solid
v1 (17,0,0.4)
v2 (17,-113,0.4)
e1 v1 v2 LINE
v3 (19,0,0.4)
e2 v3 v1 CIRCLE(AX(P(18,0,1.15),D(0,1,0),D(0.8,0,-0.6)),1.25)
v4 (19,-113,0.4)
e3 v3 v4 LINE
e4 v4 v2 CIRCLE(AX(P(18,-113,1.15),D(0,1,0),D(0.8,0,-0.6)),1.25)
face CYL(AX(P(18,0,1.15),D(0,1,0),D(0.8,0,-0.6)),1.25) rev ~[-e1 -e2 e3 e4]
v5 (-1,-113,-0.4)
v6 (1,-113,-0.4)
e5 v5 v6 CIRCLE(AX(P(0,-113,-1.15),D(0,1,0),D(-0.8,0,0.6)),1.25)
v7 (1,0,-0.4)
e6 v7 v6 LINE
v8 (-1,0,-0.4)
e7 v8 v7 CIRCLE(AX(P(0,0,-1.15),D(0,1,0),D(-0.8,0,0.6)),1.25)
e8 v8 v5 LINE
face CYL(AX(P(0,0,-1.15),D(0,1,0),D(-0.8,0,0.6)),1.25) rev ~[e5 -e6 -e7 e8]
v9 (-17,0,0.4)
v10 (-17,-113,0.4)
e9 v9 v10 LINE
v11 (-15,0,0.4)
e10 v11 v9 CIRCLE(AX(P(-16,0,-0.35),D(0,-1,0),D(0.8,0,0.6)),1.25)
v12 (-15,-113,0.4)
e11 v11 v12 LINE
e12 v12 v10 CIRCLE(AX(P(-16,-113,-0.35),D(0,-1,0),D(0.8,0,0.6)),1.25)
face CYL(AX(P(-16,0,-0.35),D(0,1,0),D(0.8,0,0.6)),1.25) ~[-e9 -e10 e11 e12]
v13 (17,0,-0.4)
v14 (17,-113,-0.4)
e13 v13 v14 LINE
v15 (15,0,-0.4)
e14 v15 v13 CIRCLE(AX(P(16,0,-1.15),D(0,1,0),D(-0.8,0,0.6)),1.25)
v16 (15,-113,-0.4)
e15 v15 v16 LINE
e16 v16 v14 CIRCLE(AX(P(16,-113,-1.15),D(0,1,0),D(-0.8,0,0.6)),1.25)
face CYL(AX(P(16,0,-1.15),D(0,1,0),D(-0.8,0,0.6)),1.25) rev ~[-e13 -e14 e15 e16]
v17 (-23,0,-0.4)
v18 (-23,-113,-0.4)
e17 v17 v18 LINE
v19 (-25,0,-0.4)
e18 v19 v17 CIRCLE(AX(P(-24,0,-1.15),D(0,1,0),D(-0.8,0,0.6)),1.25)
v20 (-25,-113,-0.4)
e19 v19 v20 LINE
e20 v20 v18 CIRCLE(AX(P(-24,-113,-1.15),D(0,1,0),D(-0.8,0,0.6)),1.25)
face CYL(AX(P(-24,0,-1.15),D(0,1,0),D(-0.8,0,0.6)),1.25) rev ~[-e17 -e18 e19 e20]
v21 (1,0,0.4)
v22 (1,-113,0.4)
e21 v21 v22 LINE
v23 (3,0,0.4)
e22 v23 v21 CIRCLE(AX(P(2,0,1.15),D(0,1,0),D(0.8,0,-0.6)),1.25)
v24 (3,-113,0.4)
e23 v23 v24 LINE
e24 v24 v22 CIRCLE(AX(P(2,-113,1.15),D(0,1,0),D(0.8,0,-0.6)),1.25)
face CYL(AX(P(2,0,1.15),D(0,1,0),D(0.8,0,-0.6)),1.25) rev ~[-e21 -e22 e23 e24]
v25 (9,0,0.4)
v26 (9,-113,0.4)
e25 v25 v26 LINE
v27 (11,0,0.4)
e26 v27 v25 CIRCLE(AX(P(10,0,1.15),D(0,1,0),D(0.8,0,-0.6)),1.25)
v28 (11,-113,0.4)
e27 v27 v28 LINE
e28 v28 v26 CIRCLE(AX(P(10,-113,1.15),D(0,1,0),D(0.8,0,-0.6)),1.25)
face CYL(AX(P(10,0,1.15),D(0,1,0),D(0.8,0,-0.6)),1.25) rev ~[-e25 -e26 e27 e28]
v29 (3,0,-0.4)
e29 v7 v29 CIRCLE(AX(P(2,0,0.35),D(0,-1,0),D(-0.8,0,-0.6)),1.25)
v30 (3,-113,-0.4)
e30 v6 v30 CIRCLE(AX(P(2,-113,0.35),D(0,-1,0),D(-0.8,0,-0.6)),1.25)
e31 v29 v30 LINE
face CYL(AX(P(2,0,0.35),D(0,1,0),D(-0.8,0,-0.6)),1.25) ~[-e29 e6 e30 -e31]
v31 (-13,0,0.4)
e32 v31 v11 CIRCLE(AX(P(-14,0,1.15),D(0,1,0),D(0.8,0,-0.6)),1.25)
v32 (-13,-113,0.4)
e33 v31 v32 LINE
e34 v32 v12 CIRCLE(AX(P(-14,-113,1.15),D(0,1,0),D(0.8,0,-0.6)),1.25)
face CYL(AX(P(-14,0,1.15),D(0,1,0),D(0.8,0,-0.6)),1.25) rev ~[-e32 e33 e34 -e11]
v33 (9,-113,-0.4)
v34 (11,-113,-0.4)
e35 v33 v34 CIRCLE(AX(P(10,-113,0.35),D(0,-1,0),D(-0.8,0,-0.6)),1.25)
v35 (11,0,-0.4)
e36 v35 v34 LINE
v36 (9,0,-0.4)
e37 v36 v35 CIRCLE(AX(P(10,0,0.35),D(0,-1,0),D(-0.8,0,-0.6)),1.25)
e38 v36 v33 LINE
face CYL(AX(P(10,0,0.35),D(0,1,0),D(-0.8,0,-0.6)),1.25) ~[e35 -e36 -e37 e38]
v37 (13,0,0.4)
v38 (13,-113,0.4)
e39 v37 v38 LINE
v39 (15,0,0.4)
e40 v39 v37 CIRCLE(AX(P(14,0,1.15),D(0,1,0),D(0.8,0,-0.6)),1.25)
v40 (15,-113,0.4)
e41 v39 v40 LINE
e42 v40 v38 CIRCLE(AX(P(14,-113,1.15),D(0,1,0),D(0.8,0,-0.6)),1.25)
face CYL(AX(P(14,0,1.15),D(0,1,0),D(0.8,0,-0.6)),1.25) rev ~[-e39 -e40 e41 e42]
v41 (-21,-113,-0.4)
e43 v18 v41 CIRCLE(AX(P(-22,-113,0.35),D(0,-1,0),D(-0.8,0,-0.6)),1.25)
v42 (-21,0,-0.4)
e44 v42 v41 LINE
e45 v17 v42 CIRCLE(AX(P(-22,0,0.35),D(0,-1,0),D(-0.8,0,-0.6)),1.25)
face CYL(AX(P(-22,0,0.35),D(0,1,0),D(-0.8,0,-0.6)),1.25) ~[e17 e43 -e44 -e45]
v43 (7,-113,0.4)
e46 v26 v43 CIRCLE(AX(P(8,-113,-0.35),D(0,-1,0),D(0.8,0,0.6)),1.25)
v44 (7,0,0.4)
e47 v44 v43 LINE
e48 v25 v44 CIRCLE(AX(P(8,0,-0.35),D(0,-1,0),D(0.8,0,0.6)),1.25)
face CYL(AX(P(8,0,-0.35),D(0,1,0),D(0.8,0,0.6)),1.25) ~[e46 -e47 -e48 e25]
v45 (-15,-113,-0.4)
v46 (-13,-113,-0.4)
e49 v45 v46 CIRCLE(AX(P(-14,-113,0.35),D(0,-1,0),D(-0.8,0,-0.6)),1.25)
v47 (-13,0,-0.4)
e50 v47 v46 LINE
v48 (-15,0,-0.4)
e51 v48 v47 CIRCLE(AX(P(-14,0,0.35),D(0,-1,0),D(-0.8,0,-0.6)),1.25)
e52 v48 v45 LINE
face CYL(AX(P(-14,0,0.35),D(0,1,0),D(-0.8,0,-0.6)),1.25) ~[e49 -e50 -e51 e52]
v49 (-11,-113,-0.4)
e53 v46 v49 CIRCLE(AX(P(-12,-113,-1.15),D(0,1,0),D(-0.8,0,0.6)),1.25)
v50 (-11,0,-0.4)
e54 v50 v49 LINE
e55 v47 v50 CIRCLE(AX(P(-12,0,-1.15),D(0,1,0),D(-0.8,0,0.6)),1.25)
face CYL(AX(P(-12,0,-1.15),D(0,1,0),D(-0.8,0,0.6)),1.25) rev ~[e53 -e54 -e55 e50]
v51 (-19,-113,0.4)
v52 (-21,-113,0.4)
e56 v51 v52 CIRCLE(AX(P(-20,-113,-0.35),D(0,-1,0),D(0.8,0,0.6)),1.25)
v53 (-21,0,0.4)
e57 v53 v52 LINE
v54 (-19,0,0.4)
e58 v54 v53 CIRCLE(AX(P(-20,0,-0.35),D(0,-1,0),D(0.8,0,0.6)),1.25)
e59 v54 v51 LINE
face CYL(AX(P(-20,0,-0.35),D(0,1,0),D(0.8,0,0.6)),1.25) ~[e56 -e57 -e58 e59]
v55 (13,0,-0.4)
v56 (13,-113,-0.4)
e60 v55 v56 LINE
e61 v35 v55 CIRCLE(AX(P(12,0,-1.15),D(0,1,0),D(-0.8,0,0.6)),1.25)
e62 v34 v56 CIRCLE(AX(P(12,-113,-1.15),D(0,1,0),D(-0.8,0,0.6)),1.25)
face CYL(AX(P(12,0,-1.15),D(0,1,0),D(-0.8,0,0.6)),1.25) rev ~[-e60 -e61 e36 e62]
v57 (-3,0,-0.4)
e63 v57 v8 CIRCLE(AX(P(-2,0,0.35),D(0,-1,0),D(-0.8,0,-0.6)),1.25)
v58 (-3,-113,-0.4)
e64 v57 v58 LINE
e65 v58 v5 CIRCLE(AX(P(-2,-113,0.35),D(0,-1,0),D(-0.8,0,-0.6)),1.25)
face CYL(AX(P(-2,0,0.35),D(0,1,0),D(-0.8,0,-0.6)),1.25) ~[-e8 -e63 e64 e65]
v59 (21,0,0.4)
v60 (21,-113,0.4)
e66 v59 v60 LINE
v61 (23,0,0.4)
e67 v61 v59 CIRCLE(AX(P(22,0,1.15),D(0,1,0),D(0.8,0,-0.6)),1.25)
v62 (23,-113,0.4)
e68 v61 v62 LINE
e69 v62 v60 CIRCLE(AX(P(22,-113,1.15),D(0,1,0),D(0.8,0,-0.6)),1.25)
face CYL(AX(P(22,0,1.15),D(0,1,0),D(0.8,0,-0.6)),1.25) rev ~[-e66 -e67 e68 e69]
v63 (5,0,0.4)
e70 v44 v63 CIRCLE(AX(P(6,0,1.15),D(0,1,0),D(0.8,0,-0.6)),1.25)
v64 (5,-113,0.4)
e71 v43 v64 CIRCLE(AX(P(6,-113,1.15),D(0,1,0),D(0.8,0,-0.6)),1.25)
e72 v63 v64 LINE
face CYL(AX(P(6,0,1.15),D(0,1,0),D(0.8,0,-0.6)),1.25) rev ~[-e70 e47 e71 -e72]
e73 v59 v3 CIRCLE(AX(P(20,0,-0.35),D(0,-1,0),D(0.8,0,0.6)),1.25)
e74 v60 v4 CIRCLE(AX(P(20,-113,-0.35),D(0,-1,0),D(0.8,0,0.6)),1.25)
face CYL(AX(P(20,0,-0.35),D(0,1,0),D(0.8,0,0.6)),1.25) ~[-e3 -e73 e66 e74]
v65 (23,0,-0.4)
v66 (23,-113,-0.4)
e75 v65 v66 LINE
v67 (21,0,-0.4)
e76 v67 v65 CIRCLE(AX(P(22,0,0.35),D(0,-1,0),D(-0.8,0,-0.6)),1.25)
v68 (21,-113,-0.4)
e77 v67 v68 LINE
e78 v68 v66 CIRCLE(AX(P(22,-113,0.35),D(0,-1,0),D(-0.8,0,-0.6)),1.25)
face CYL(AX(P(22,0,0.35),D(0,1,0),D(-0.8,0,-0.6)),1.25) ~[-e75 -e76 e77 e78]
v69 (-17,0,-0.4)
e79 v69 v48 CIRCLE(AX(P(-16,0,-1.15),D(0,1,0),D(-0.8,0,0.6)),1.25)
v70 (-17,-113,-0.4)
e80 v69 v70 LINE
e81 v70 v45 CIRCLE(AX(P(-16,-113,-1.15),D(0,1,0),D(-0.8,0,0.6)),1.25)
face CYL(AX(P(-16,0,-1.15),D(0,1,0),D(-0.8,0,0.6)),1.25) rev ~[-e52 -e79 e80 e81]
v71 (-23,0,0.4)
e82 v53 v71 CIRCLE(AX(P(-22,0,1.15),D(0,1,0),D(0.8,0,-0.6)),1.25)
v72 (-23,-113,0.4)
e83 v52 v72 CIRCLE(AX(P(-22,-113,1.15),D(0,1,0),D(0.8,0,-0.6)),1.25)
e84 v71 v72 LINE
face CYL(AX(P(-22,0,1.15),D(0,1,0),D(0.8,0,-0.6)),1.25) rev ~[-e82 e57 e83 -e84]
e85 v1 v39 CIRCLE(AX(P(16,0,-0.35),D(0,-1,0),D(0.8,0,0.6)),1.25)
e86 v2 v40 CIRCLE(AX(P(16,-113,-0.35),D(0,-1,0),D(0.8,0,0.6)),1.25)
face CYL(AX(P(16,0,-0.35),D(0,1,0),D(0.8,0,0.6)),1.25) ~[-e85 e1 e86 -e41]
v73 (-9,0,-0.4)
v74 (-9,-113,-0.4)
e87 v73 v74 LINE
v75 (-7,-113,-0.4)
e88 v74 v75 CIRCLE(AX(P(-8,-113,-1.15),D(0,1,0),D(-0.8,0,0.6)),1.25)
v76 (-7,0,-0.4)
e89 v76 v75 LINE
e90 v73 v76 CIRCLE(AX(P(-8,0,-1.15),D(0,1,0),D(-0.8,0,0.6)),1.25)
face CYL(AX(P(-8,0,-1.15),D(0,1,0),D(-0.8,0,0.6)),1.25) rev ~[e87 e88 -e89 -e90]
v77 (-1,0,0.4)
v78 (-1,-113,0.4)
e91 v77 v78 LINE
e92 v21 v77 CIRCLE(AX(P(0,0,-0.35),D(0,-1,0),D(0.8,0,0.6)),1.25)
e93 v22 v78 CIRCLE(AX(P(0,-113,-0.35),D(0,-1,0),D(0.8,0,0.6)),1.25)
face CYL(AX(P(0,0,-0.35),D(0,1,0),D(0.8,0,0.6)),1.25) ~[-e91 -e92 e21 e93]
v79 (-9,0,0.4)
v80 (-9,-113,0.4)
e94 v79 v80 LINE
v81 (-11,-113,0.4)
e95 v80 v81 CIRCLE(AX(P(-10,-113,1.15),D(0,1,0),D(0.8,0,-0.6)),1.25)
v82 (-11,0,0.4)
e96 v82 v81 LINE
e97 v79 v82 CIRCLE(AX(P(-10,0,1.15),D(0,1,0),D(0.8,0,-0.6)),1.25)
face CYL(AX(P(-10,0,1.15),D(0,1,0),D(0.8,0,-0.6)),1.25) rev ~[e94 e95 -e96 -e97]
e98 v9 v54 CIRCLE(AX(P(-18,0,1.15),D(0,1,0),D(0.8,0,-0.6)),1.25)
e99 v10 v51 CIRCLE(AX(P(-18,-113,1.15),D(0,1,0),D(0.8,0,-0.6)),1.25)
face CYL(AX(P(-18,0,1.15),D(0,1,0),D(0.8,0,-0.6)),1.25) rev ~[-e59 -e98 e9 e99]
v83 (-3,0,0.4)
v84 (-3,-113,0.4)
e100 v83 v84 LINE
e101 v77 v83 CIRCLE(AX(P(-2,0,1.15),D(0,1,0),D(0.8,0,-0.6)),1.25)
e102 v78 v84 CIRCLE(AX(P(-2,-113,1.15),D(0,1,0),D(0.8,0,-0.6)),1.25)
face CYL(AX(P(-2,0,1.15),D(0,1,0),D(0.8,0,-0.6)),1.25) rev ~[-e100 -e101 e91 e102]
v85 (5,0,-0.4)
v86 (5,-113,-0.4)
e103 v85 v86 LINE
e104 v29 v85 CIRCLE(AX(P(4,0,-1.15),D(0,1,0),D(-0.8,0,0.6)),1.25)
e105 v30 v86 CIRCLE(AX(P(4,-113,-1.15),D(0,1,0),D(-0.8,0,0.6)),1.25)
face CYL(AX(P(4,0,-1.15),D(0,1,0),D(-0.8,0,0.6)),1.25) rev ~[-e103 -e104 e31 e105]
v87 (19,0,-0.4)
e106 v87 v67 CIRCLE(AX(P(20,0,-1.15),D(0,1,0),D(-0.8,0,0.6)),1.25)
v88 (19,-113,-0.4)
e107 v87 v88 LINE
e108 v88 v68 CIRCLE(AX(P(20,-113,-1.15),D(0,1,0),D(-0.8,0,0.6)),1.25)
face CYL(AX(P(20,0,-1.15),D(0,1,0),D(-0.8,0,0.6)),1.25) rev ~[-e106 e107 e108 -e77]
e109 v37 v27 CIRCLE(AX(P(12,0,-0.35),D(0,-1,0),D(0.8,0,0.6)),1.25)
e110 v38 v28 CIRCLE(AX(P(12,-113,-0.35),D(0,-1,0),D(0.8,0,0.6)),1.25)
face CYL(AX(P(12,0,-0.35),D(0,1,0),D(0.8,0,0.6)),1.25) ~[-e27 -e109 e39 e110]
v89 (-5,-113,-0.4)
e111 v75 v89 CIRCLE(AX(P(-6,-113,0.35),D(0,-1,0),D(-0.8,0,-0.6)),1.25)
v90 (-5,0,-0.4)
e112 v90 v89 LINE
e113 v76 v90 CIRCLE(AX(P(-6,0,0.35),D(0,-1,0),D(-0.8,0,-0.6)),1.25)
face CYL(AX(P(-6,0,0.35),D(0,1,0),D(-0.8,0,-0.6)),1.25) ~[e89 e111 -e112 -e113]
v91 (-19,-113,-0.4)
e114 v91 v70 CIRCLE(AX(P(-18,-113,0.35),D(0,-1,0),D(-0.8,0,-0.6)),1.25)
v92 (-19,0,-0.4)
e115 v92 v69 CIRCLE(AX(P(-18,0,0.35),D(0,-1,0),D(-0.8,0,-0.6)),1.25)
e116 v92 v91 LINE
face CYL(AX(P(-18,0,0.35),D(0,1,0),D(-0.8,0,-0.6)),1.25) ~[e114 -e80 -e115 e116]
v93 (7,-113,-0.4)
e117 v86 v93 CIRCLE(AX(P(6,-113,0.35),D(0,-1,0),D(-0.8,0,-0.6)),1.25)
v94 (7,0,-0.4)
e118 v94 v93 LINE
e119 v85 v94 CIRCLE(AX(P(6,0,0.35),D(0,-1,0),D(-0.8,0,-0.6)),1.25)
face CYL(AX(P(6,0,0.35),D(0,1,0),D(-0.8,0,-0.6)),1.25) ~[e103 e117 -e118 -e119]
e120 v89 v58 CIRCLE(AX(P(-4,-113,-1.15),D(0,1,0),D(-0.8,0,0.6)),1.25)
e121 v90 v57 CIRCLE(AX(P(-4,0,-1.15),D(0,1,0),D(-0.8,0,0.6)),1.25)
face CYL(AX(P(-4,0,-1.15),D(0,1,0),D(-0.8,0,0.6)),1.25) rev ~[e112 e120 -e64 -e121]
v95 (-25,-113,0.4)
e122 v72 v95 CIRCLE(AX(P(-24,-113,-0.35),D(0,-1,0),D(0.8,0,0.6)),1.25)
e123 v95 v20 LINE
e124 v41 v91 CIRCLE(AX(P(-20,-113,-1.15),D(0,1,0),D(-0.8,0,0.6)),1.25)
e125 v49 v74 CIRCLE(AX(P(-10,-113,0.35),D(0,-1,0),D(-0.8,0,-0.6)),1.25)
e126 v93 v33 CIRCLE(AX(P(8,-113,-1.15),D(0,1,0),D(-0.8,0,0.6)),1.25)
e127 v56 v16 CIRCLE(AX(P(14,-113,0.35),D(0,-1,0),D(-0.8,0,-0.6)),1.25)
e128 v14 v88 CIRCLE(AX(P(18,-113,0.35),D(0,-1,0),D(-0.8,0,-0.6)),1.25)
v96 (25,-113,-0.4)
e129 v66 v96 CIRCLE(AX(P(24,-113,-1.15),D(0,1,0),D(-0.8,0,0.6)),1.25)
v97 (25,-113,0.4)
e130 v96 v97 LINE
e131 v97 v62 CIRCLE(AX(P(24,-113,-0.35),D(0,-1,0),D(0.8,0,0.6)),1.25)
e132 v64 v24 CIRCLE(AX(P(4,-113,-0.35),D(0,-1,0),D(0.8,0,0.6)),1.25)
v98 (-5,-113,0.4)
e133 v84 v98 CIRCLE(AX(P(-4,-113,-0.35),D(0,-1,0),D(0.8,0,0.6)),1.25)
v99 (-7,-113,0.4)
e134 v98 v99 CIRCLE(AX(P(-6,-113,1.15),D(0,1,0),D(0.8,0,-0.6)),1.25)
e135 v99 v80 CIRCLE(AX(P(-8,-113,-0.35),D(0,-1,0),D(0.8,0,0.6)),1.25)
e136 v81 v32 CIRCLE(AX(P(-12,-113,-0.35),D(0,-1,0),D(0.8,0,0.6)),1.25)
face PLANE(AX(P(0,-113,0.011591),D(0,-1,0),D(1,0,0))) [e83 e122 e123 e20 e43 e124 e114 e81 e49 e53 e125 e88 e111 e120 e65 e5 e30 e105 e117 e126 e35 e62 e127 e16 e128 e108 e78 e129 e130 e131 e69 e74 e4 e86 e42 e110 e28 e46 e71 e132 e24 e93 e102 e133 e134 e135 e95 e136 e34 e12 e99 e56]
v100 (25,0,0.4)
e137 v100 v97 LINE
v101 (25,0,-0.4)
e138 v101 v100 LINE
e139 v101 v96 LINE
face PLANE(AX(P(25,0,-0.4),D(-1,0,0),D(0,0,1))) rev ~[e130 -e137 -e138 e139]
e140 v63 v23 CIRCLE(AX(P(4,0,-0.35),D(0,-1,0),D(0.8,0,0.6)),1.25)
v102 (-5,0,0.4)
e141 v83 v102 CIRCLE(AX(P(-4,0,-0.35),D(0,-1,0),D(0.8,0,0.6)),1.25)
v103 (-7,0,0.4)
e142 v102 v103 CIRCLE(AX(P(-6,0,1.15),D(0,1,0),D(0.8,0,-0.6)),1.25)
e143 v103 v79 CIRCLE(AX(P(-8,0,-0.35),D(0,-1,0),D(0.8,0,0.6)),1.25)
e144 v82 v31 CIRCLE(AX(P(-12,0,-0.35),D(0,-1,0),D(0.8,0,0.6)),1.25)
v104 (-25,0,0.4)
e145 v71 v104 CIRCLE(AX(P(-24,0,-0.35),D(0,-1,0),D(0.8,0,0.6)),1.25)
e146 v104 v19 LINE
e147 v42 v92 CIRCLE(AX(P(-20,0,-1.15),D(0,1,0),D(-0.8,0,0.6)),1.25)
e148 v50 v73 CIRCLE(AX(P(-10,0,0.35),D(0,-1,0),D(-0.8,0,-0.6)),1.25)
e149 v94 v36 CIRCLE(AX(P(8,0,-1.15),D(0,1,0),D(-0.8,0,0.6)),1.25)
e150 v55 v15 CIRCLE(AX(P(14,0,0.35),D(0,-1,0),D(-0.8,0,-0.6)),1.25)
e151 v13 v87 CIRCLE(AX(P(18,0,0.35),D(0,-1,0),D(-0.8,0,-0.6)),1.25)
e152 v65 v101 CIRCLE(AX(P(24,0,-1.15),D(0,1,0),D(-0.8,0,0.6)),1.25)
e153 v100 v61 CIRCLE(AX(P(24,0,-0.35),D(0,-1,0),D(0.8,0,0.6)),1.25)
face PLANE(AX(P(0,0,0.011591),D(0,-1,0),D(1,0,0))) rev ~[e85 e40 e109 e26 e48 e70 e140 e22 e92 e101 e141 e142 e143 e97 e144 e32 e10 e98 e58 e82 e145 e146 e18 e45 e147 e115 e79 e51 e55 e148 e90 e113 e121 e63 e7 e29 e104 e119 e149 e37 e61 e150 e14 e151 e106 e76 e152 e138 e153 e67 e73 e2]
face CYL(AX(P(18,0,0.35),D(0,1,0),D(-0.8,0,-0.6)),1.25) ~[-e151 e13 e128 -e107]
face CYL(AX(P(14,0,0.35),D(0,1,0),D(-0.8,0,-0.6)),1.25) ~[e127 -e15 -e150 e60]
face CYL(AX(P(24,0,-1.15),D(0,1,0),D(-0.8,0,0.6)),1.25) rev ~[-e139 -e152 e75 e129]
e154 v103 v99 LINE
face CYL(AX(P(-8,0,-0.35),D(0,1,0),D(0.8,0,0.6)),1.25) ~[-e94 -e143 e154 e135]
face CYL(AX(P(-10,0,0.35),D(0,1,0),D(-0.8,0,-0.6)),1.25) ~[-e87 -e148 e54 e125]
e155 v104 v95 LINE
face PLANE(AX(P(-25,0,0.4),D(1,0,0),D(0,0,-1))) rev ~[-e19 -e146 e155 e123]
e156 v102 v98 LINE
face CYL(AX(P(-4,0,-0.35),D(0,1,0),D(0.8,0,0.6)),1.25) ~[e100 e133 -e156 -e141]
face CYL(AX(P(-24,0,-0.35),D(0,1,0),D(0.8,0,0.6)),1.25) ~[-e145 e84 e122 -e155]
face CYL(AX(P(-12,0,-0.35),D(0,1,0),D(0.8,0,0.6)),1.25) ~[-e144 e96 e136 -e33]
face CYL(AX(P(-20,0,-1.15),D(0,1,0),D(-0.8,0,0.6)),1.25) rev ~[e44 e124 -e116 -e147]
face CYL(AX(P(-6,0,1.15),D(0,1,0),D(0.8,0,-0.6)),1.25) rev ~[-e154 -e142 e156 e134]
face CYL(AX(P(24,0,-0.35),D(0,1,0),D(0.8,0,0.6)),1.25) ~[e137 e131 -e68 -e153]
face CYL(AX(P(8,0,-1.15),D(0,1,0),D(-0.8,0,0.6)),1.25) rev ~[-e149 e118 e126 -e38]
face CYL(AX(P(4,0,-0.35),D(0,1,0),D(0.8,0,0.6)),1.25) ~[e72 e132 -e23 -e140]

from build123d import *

# Parameters (mm, degrees)
F1_DEPTH = 113


with BuildPart() as f1:
    # F0 (on Front) → F1 (new body)
    with BuildSketch(Plane.XZ):
        with BuildLine():
            ThreePointArc((-21, -0.4), (-20, 0.1), (-19, -0.4))
            ThreePointArc((-19, -0.4), (-18, -0.9), (-17, -0.4))
            ThreePointArc((-17, -0.4), (-16, 0.1), (-15, -0.4))
            ThreePointArc((-15, -0.4), (-14, -0.9), (-13, -0.4))
            ThreePointArc((-13, -0.4), (-12, 0.1), (-11, -0.4))
            ThreePointArc((-11, -0.4), (-10, -0.9), (-9, -0.4))
            ThreePointArc((-9, -0.4), (-8, 0.1), (-7, -0.4))
            ThreePointArc((-7, -0.4), (-6, -0.9), (-5, -0.4))
            ThreePointArc((-5, -0.4), (-4, 0.1), (-3, -0.4))
            ThreePointArc((-3, -0.4), (-2, -0.9), (-1, -0.4))
            ThreePointArc((-1, -0.4), (0, 0.1), (1, -0.4))
            ThreePointArc((1, -0.4), (2, -0.9), (3, -0.4))
            ThreePointArc((3, -0.4), (4, 0.1), (5, -0.4))
            ThreePointArc((5, -0.4), (6, -0.9), (7, -0.4))
            ThreePointArc((7, -0.4), (8, 0.1), (9, -0.4))
            ThreePointArc((9, -0.4), (10, -0.9), (11, -0.4))
            ThreePointArc((11, -0.4), (12, 0.1), (13, -0.4))
            ThreePointArc((13, -0.4), (14, -0.9), (15, -0.4))
            ThreePointArc((15, -0.4), (16, 0.1), (17, -0.4))
            ThreePointArc((17, -0.4), (18, -0.9), (19, -0.4))
            ThreePointArc((19, -0.4), (20, 0.1), (21, -0.4))
            ThreePointArc((21, -0.4), (22, -0.9), (23, -0.4))
            ThreePointArc((23, -0.4), (24, 0.1), (25, -0.4))
            Line((25, -0.4), (25, 0.4))
            ThreePointArc((25, 0.4), (24, 0.9), (23, 0.4))
            ThreePointArc((23, 0.4), (22, -0.1), (21, 0.4))
            ThreePointArc((21, 0.4), (20, 0.9), (19, 0.4))
            ThreePointArc((19, 0.4), (18, -0.1), (17, 0.4))
            ThreePointArc((17, 0.4), (16, 0.9), (15, 0.4))
            ThreePointArc((15, 0.4), (14, -0.1), (13, 0.4))
            ThreePointArc((13, 0.4), (12, 0.9), (11, 0.4))
            ThreePointArc((11, 0.4), (10, -0.1), (9, 0.4))
            ThreePointArc((9, 0.4), (8, 0.9), (7, 0.4))
            ThreePointArc((7, 0.4), (6, -0.1), (5, 0.4))
            ThreePointArc((5, 0.4), (4, 0.9), (3, 0.4))
            ThreePointArc((3, 0.4), (2, -0.1), (1, 0.4))
            ThreePointArc((1, 0.4), (0, 0.9), (-1, 0.4))
            ThreePointArc((-1, 0.4), (-2, -0.1), (-3, 0.4))
            ThreePointArc((-3, 0.4), (-4, 0.9), (-5, 0.4))
            ThreePointArc((-5, 0.4), (-6, -0.1), (-7, 0.4))
            ThreePointArc((-7, 0.4), (-8, 0.9), (-9, 0.4))
            ThreePointArc((-9, 0.4), (-10, -0.1), (-11, 0.4))
            ThreePointArc((-11, 0.4), (-12, 0.9), (-13, 0.4))
            ThreePointArc((-13, 0.4), (-14, -0.1), (-15, 0.4))
            ThreePointArc((-15, 0.4), (-16, 0.9), (-17, 0.4))
            ThreePointArc((-17, 0.4), (-18, -0.1), (-19, 0.4))
            ThreePointArc((-19, 0.4), (-20, 0.9), (-21, 0.4))
            ThreePointArc((-21, 0.4), (-22, -0.1), (-23, 0.4))
            ThreePointArc((-23, 0.4), (-24, 0.9), (-25, 0.4))
            Line((-25, 0.4), (-25, -0.4))
            ThreePointArc((-25, -0.4), (-24, 0.1), (-23, -0.4))
            ThreePointArc((-23, -0.4), (-22, -0.9), (-21, -0.4))
        make_face()
    extrude(amount=F1_DEPTH)


solid = f1.part
